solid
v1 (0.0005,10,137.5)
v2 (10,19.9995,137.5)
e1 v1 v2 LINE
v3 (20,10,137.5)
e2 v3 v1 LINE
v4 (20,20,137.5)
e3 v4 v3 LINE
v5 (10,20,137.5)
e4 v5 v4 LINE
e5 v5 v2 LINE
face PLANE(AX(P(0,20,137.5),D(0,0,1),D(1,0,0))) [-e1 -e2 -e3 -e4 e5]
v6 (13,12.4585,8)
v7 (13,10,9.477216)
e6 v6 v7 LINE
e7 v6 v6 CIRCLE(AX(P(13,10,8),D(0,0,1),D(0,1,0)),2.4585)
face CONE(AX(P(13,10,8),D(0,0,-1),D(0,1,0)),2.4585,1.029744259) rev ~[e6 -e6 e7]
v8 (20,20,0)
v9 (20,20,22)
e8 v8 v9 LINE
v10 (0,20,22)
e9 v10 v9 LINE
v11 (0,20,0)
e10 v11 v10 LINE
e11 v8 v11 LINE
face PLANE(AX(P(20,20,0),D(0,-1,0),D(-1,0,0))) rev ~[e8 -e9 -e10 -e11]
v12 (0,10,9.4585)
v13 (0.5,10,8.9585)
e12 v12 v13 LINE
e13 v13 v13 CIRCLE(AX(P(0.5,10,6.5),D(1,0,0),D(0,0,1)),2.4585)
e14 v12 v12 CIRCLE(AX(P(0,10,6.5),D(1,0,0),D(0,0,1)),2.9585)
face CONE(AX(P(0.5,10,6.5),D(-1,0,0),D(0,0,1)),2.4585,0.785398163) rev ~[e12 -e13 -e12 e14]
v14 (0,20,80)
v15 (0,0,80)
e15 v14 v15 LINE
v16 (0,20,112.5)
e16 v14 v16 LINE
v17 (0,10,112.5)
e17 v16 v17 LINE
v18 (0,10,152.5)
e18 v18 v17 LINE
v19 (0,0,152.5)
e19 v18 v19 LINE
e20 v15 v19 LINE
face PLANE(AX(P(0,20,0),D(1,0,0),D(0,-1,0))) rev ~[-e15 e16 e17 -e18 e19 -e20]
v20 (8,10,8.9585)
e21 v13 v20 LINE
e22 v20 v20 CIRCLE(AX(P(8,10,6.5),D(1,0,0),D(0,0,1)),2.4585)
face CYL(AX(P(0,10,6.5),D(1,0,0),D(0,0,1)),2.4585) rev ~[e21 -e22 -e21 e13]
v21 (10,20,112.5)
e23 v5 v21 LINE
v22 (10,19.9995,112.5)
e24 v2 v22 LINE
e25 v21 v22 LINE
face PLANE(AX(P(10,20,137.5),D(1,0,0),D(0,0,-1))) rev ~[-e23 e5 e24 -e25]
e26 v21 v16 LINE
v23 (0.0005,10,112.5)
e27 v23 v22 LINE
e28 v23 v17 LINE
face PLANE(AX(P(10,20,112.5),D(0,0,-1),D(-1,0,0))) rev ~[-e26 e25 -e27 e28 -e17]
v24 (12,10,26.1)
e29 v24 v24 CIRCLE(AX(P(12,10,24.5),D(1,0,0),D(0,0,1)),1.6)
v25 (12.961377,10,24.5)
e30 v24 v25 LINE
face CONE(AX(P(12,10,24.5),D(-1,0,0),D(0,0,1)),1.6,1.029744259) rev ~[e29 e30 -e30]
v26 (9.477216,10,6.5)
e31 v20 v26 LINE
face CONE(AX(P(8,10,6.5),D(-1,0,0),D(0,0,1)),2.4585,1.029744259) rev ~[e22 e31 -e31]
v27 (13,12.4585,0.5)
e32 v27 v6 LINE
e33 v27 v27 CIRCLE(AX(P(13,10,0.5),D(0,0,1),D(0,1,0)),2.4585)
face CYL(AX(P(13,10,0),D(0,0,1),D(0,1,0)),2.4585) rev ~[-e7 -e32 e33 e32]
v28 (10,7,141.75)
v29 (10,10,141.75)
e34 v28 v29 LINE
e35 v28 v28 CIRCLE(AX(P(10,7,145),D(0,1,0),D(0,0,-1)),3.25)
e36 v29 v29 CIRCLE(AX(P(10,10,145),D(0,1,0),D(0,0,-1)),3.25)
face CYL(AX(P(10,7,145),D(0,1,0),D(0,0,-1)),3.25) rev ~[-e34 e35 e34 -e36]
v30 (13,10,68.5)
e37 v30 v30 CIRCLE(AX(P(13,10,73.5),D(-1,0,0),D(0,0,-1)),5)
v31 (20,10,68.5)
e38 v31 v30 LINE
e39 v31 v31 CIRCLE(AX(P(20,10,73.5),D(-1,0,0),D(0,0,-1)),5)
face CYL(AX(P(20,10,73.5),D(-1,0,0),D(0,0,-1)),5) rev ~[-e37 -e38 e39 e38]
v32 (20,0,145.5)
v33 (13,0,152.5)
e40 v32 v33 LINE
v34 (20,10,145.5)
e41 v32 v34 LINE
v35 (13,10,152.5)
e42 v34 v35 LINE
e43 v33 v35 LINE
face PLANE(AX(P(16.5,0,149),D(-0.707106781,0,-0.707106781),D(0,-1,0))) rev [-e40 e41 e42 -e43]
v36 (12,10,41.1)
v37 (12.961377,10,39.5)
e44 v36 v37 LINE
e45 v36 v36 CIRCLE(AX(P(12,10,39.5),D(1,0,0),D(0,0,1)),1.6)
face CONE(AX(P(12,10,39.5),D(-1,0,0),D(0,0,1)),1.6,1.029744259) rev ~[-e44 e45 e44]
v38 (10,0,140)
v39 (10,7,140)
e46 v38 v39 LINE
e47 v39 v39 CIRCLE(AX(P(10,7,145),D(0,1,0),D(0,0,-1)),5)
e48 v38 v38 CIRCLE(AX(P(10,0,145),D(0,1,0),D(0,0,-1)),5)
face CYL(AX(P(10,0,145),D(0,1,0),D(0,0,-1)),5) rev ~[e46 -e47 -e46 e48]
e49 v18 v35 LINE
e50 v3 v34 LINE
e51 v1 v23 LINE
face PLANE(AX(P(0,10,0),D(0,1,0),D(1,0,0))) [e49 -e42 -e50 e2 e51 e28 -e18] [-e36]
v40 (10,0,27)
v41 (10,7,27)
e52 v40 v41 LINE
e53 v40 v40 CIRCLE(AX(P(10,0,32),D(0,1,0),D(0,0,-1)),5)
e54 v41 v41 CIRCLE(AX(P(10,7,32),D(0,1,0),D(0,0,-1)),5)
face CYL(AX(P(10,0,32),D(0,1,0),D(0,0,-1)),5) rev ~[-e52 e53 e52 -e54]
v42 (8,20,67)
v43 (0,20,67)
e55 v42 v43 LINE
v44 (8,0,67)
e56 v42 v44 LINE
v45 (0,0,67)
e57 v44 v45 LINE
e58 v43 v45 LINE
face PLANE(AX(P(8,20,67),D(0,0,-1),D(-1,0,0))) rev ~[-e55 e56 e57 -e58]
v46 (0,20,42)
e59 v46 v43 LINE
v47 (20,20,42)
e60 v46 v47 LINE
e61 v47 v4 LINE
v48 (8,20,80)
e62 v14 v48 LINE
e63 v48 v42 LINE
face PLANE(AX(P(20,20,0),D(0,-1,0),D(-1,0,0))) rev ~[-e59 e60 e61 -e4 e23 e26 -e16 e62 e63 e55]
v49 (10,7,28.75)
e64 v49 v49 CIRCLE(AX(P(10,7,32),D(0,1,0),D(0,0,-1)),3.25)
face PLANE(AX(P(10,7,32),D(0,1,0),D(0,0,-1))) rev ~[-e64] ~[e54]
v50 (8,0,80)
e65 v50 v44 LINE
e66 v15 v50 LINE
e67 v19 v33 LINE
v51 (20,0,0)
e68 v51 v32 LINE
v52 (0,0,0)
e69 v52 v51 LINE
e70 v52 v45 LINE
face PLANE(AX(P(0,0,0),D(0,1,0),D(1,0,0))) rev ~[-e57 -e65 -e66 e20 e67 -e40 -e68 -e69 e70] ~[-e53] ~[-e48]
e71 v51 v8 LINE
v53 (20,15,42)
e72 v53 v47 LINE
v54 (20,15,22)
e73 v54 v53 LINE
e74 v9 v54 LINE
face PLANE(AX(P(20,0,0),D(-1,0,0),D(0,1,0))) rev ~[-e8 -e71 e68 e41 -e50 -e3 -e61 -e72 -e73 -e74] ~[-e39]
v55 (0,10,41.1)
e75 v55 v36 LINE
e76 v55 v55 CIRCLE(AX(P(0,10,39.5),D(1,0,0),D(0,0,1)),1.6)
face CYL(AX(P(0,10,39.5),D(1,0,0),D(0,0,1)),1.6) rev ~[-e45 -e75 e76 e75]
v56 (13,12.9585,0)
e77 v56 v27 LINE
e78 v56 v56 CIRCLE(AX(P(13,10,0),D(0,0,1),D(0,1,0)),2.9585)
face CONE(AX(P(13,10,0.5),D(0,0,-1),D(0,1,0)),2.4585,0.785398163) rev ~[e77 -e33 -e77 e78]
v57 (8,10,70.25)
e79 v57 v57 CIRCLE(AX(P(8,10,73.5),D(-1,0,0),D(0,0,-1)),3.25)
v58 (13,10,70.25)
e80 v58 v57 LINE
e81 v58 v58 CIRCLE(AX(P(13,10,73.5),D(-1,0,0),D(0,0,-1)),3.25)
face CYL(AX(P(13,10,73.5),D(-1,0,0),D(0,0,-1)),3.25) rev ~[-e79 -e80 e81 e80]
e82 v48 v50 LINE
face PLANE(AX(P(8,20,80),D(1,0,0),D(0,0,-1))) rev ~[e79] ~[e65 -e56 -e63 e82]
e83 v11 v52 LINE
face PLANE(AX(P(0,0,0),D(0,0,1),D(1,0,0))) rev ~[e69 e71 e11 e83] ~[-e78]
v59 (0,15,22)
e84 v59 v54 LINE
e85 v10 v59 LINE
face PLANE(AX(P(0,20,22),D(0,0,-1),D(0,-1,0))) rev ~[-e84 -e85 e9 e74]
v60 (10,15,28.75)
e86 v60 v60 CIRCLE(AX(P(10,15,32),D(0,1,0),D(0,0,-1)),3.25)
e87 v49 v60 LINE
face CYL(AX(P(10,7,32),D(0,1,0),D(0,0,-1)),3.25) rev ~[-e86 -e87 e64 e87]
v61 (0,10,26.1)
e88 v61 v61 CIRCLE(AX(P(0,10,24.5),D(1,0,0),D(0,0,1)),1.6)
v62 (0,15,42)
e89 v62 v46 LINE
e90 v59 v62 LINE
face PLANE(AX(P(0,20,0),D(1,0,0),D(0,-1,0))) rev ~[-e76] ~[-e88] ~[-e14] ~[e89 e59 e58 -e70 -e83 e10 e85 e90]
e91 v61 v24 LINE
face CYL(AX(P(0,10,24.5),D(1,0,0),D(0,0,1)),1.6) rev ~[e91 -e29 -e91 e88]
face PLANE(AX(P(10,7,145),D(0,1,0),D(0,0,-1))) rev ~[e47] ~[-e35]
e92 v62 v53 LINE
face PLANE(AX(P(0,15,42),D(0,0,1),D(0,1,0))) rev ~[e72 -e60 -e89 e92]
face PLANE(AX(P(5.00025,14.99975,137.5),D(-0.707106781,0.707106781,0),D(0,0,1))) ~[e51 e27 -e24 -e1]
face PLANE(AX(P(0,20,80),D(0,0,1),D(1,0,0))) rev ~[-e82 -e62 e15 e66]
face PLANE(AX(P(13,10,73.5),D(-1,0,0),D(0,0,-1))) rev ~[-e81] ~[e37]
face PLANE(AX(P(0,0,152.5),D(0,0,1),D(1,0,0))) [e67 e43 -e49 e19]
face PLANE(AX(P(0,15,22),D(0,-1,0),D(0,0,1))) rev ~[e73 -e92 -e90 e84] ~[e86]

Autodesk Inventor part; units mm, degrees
ref_plane "YZ Plane" through (0, 0, 0) normal (1, 0, 0) x (0, 1, 0)
ref_plane "XZ Plane" through (0, 0, 0) normal (0, 1, 0) x (-1, 0, 0)
ref_plane "XY Plane" through (0, 0, 0) normal (0, 0, 1) x (1, 0, 0)
sketch "Sketch1" plane through (0, 0, 0) normal (0, 0, 1) x (1, 0, 0)
  line L0 (0, 0) -> (20, 0)
  line L1 (20, 0) -> (20, 20)
  line L2 (20, 20) -> (0, 20)
  line L3 (0, 20) -> (0, 0)
  dimension "d0" = 20
  dimension "d1" = 20
extrude "Extrusion1" add sketch "Sketch1" along normal blind 152.5
sketch "Sketch2" plane through (0, 20, 0) normal (0, 1, 0) x (1, 0, 0)
  line L0 (0, -152.5) -> (20, -152.5) projected
  line L1 (0, 0) -> (0, -152.5) projected
  line L2 (0, -80) -> (8, -80)
  line L3 (8, -80) -> (8, -67)
  line L4 (8, -67) -> (0, -67)
  line L5 (0, -67) -> (0, -80)
  dimension "d4" = 13
  dimension "d5" = 72.5
  dimension "d6" = 8
extrude "Extrusion2" cut sketch "Sketch2" against normal blind 20
sketch "Sketch3" plane through (0, 20, 0) normal (0, 1, 0) x (1, 0, 0)
  line L0 (0, -80) -> (0, -152.5) projected
  line L1 (0, -152.5) -> (20, -152.5) projected
  line L2 (20, 0) -> (20, -152.5) projected
  line L3 (0, -137.5) -> (20, -137.5)
  dimension "d9" = 15
extrude "Extrusion3" cut sketch "Sketch3" against normal blind 10
chamfer "Chamfer1" distance 7 angle 45 1 edges at (20, 5, 152.5)
sketch "Sketch4" plane through (0, 20, 0) normal (0, 1, 0) x (1, 0, 0)
  line L0 (0, -137.5) -> (10, -137.5)
  line L1 (10, -137.5) -> (10, -112.5)
  line L2 (10, -112.5) -> (0, -112.5)
  line L3 (0, -112.5) -> (0, -137.5)
  dimension "d15" = 10
  dimension "d16" = 25
extrude "Extrusion4" cut sketch "Sketch4" against normal blind 10
chamfer "Chamfer2" distance 10 angle 45 1 edges at (10, 10, 125)
sketch "Sketch5" plane through (0, 0, 0) normal (0, -1, 0) x (1, 0, 0)
  line L0 (0, 80) -> (0, 152.5) projected
  line L1 (20, 137.5) -> (0, 137.5) projected
  point P0 (10, 145)
  dimension "d22" = 10
  dimension "d23" = 7.5
hole "Hole1" at (10, 0, 145) direction (0, 1, 0) diameter 6.5 depth 10 tip angle 118 counterbore diameter 10 counterbore depth 7
sketch "Sketch6" plane through (20, 0, 0) normal (1, 0, 0) x (0, 0, -1)
  line L0 (0, 0) -> (-145.5, 0) projected
  line L1 (-80, 20) -> (-80, 0) projected
  line L2 (-67, 20) -> (-67, 0) projected
  line L3 (-152.5, 10) -> (-152.5, 0) projected
  point P0 (-73.5, 10)
  dimension "d31" = 79
  dimension "d32" = 10
hole "Hole2" at (20, 10, 73.5) direction (-1, 0, 0) diameter 6.5 depth 13 tip angle 118 counterbore diameter 10 counterbore depth 7
sketch "Sketch7" plane through (0, 0, 0) normal (-1, 0, 0) x (0, 0, 1)
  line L0 (0, 20) -> (67, 20) projected
  line L1 (0, 20) -> (0, 0) projected
  line L2 (42, 20) -> (22, 20)
  line L3 (22, 20) -> (22, 15)
  line L4 (22, 15) -> (42, 15)
  line L5 (42, 15) -> (42, 20)
  dimension "d40" = 20
  dimension "d41" = 22
  dimension "d42" = 5
extrude "Extrusion5" cut sketch "Sketch7" against normal blind 20
sketch "Sketch8" plane through (0, 0, 0) normal (0, -1, 0) x (1, 0, 0)
  line L0 (20, 0) -> (20, 145.5) projected
  line L1 (0, 22) -> (20, 22) projected
  line L2 (0, 42) -> (20, 42) projected
  point P0 (10, 32)
  dimension "d45" = 10
  dimension "d46" = 10
hole "Hole3" at (10, 0, 32) direction (0, 1, 0) diameter 6.5 depth 15 tip angle 118 counterbore diameter 10 counterbore depth 7
sketch "Sketch9" plane through (0, 0, 0) normal (-1, 0, 0) x (0, 0, 1)
  line L0 (0, 0) -> (67, 0) projected
  line L1 (42, 15) -> (22, 15) projected
  line L2 (27, 7) -> (27, 0) projected
  line L3 (27, 7) -> (37, 7) projected
  line L4 (37, 7) -> (37, 0) projected
  line L5 (35.25, 15) -> (35.25, 7) projected
  line L6 (28.75, 15) -> (28.75, 7) projected
  line L7 (32, 15) -> (32, 0)
  point P0 (39.5, 10)
  point P1 (24.5, 10)
  dimension "d54" = 15
  dimension "d56" = 7.5
  dimension "d57" = 10
hole "Hole4" at (0, 10, 39.5) at (0, 10, 24.5) direction (1, 0, 0) diameter 3.2 depth 12 tip angle 118
sketch "Sketch10" plane through (0, 0, 0) normal (0, 0, -1) x (-1, 0, 0)
  line L0 (-20, 20) -> (0, 20) projected
  line L1 (-20, 0) -> (-20, 20) projected
  point P0 (-13, 10)
  dimension "d65" = 7
  dimension "d66" = 10
hole "Hole5" at (13, 10, 0) direction (0, 0, 1) diameter 4.917 depth 8 tip angle 118 thread size "M6x1" class "6H" standard "ANSI Metric M Profile"
chamfer "Chamfer3" distance 0.5 angle 45 1 edges at (13, 7.5415, 0)
sketch "Sketch11" plane through (0, 0, 0) normal (-1, 0, 0) x (0, 0, 1)
  line L0 (0, 20) -> (22, 20) projected
  line L1 (0, 20) -> (0, 0) projected
  point P0 (6.5, 10)
  dimension "d77" = 10
  dimension "d78" = 6.5
hole "Hole6" at (0, 10, 6.5) direction (1, 0, 0) diameter 4.917 depth 8 tip angle 118 thread size "M6x1" class "6H" standard "ANSI Metric M Profile"
chamfer "Chamfer4" distance 0.5 angle 45 1 edges at (0, 10, 4.0415)
properties part number "CHASSI ESQUERDO(37)" material "Carbon Steel"
